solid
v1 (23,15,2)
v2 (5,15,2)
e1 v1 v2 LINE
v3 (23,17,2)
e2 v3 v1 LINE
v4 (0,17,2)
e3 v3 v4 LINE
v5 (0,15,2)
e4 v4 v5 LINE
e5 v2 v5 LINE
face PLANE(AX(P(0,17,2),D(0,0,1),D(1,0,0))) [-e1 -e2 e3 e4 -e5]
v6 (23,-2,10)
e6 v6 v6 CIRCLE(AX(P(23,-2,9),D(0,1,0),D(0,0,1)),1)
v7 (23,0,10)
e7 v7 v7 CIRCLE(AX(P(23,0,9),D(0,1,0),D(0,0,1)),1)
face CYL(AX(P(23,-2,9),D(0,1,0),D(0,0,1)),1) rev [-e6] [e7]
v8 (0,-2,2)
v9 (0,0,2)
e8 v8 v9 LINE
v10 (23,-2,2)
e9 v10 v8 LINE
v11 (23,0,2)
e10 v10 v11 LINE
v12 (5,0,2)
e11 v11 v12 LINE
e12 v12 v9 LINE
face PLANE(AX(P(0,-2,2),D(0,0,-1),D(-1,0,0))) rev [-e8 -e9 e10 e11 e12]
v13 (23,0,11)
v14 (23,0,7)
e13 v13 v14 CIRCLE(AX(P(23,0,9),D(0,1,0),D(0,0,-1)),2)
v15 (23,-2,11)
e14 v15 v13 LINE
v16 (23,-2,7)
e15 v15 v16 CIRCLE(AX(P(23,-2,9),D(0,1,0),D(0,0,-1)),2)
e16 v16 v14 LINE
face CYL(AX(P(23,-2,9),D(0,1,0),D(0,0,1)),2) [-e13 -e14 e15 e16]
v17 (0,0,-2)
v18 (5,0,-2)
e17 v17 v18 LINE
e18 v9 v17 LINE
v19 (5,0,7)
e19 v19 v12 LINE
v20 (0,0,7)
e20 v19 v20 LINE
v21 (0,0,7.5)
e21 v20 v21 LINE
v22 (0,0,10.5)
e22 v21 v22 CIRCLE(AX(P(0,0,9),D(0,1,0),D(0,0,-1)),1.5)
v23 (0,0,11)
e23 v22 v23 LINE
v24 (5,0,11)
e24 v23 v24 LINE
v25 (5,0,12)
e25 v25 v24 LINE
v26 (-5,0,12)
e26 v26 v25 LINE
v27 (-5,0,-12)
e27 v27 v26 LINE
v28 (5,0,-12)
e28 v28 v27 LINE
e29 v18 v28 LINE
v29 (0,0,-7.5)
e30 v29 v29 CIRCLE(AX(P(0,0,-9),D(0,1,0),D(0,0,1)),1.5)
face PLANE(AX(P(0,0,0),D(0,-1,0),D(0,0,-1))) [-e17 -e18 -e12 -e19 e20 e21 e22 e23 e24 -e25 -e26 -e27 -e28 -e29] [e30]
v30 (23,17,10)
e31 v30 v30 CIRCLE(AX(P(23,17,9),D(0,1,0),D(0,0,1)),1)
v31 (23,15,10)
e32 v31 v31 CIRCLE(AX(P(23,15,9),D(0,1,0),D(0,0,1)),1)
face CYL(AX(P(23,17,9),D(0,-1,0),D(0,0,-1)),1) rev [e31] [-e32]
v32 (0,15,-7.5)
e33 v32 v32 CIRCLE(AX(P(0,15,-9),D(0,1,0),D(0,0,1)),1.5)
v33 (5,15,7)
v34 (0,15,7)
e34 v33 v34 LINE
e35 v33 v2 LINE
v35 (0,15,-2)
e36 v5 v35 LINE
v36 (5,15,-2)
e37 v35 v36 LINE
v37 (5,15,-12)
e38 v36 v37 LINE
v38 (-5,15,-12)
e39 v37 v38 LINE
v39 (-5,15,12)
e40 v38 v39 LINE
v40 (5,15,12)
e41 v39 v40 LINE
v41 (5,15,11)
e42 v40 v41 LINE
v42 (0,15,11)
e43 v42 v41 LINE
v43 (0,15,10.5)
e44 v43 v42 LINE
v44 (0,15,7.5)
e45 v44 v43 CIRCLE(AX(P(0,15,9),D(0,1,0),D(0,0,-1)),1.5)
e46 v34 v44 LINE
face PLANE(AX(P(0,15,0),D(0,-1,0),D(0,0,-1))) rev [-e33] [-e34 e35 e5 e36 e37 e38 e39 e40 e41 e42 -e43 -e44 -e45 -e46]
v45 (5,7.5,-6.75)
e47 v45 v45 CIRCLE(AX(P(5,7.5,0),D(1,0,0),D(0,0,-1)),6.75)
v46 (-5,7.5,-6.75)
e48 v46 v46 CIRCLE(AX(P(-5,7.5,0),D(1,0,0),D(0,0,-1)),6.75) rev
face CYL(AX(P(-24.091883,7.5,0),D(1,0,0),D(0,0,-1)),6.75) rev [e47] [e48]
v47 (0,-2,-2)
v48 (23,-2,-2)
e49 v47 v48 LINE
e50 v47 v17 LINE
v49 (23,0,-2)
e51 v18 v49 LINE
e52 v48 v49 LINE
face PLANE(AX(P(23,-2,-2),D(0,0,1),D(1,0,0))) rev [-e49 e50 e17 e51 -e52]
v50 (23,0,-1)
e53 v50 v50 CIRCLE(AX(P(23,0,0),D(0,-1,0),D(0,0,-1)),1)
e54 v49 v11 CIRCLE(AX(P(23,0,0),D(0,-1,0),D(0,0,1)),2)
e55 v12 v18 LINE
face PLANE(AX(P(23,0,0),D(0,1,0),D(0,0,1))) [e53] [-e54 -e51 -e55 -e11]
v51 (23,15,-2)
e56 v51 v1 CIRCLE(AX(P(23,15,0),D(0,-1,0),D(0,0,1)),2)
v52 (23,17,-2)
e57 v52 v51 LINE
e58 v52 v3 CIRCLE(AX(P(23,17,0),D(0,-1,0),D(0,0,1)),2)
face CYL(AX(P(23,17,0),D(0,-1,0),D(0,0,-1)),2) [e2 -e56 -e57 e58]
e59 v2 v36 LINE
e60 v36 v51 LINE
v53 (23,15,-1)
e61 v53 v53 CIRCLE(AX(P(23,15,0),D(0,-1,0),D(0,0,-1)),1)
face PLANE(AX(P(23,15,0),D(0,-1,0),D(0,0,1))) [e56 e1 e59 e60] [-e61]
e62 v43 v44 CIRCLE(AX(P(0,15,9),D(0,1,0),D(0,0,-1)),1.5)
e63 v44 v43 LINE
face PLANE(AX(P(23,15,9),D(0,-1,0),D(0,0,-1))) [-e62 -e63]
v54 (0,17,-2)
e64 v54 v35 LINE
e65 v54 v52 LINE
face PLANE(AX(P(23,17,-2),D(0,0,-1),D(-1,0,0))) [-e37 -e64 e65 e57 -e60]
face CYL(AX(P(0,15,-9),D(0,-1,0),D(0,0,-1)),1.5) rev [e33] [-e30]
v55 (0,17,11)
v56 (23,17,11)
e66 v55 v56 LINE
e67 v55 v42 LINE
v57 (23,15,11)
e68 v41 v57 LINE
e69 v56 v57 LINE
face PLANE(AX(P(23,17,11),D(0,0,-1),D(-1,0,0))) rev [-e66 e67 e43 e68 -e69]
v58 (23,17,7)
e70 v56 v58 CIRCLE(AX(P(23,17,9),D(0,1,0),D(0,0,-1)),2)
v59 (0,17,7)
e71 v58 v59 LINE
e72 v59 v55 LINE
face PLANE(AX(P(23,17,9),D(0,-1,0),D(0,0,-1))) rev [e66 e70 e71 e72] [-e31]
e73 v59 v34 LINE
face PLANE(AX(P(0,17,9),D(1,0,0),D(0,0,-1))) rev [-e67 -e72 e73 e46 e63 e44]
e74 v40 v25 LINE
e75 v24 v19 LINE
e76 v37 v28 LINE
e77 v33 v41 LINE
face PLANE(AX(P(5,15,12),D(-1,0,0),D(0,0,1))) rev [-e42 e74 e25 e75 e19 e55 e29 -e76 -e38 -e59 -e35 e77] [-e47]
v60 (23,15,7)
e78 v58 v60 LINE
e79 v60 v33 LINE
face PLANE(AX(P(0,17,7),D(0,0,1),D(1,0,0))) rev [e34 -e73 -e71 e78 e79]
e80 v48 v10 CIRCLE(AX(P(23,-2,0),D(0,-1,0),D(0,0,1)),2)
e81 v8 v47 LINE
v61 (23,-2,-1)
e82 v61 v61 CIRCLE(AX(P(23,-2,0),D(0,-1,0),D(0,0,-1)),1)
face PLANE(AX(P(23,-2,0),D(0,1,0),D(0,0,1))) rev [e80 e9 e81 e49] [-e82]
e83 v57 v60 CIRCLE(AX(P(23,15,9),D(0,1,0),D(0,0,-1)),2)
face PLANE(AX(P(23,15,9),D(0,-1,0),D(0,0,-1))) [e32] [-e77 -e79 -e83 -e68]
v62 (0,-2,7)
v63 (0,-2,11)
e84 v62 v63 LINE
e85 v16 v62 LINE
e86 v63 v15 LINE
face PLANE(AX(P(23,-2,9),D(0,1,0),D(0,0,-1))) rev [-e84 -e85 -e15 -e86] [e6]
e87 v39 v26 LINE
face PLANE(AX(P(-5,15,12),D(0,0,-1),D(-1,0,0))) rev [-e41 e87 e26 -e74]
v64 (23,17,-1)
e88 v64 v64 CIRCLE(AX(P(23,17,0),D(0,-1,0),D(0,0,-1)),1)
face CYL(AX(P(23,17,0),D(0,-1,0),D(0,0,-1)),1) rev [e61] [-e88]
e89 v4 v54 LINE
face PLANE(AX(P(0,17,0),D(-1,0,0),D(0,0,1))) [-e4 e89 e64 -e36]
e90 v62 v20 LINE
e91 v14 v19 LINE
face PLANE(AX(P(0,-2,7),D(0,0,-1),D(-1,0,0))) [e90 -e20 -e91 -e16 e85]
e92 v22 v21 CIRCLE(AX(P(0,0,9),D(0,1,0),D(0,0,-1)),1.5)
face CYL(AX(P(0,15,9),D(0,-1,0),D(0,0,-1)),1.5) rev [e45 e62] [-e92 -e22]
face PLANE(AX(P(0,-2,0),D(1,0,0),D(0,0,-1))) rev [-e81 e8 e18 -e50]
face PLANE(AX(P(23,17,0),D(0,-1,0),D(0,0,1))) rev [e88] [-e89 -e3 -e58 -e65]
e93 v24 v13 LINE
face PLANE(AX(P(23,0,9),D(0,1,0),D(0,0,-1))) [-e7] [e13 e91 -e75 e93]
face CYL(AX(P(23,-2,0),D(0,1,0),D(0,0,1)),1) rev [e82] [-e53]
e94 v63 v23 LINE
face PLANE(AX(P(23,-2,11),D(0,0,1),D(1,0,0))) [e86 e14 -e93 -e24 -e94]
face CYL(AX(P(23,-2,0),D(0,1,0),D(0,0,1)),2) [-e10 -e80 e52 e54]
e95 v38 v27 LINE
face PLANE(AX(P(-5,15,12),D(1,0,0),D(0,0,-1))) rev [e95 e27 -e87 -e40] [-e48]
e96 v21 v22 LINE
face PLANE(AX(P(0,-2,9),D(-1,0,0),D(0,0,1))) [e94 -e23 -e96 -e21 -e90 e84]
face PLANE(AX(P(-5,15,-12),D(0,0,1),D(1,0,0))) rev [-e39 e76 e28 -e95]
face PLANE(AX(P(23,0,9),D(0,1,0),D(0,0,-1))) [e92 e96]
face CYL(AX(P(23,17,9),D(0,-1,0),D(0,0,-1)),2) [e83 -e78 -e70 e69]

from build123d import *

# Parameters (mm, degrees)
SKETCH2_W               = 10
SKETCH2_H               = 24
SKETCH2_R               = 1.5
BOSS_EXTRUDE1_DEPTH     = 15
SKETCH3_R               = 6.75
CUT_EXTRUDE1_DEPTH      = 10
SKETCH5_R               = 1
BOSS_EXTRUDE2_DEPTH     = 2
MIRROR2_COPY_1_SKETCH_R = 1
MIRROR2_COPY_1_DEPTH    = 2


with BuildPart() as part:
    # Sketch2 → Boss-Extrude1 (new body)
    with BuildSketch(Plane(origin=(0, 0, 0), x_dir=(1, 0, 0), z_dir=(0, 1, 0))):
        Rectangle(SKETCH2_W, SKETCH2_H)
        with Locations(Location((0, 9, 0), (0, 0, 270))):
            Circle(SKETCH2_R, mode=Mode.SUBTRACT)
        with Locations(Location((0, -9, 0), (0, 0, 90))):
            Circle(SKETCH2_R, mode=Mode.SUBTRACT)
    extrude(amount=BOSS_EXTRUDE1_DEPTH)

    # Sketch3 → Cut-Extrude1 (cut)
    with BuildSketch(Plane(origin=(5, 0, 0), x_dir=(0, 0, -1), z_dir=(1, 0, 0))):
        with Locations((0, 7.5)):
            Circle(SKETCH3_R)
    extrude(amount=-CUT_EXTRUDE1_DEPTH, mode=Mode.SUBTRACT)

    # Sketch5 → Boss-Extrude2 (add)
    with BuildSketch(Plane.XZ):
        with BuildLine():
            Line((0, 0), (0, 2))
            Line((0, 2), (23, 2))
            ThreePointArc((23, 2), (25, 0), (23, -2))
            Line((23, -2), (0, -2))
            Line((0, -2), (0, 0))
        make_face()
        with Locations(Location((23, 0, 0), (0, 0, 270))):
            Circle(SKETCH5_R, mode=Mode.SUBTRACT)
    boss_extrude2 = extrude(amount=BOSS_EXTRUDE2_DEPTH)

    # Mirror1: Boss-Extrude2 across plane
    add(boss_extrude2.mirror(Plane(origin=(0, 7.5, 0), x_dir=(0, 0, 1), z_dir=(0, -1, 0))))

    # Mirror2: Boss-Extrude2 across plane
    add(boss_extrude2.mirror(Plane.XY.offset(4.5)))

    # Mirror2 copy 1 sketch → Mirror2 copy 1 (add)
    with BuildSketch(Plane(origin=(0, 15, 9), x_dir=(1, 0, 0), z_dir=(0, 1, 0))):
        with BuildLine():
            Line((0, 0), (0, 2))
            Line((0, 2), (23, 2))
            ThreePointArc((23, 2), (25, 0), (23, -2))
            Line((23, -2), (0, -2))
            Line((0, -2), (0, 0))
        make_face()
        with Locations(Location((23, 0, 0), (0, 0, 270))):
            Circle(MIRROR2_COPY_1_SKETCH_R, mode=Mode.SUBTRACT)
    extrude(amount=MIRROR2_COPY_1_DEPTH)


solid = part.part
